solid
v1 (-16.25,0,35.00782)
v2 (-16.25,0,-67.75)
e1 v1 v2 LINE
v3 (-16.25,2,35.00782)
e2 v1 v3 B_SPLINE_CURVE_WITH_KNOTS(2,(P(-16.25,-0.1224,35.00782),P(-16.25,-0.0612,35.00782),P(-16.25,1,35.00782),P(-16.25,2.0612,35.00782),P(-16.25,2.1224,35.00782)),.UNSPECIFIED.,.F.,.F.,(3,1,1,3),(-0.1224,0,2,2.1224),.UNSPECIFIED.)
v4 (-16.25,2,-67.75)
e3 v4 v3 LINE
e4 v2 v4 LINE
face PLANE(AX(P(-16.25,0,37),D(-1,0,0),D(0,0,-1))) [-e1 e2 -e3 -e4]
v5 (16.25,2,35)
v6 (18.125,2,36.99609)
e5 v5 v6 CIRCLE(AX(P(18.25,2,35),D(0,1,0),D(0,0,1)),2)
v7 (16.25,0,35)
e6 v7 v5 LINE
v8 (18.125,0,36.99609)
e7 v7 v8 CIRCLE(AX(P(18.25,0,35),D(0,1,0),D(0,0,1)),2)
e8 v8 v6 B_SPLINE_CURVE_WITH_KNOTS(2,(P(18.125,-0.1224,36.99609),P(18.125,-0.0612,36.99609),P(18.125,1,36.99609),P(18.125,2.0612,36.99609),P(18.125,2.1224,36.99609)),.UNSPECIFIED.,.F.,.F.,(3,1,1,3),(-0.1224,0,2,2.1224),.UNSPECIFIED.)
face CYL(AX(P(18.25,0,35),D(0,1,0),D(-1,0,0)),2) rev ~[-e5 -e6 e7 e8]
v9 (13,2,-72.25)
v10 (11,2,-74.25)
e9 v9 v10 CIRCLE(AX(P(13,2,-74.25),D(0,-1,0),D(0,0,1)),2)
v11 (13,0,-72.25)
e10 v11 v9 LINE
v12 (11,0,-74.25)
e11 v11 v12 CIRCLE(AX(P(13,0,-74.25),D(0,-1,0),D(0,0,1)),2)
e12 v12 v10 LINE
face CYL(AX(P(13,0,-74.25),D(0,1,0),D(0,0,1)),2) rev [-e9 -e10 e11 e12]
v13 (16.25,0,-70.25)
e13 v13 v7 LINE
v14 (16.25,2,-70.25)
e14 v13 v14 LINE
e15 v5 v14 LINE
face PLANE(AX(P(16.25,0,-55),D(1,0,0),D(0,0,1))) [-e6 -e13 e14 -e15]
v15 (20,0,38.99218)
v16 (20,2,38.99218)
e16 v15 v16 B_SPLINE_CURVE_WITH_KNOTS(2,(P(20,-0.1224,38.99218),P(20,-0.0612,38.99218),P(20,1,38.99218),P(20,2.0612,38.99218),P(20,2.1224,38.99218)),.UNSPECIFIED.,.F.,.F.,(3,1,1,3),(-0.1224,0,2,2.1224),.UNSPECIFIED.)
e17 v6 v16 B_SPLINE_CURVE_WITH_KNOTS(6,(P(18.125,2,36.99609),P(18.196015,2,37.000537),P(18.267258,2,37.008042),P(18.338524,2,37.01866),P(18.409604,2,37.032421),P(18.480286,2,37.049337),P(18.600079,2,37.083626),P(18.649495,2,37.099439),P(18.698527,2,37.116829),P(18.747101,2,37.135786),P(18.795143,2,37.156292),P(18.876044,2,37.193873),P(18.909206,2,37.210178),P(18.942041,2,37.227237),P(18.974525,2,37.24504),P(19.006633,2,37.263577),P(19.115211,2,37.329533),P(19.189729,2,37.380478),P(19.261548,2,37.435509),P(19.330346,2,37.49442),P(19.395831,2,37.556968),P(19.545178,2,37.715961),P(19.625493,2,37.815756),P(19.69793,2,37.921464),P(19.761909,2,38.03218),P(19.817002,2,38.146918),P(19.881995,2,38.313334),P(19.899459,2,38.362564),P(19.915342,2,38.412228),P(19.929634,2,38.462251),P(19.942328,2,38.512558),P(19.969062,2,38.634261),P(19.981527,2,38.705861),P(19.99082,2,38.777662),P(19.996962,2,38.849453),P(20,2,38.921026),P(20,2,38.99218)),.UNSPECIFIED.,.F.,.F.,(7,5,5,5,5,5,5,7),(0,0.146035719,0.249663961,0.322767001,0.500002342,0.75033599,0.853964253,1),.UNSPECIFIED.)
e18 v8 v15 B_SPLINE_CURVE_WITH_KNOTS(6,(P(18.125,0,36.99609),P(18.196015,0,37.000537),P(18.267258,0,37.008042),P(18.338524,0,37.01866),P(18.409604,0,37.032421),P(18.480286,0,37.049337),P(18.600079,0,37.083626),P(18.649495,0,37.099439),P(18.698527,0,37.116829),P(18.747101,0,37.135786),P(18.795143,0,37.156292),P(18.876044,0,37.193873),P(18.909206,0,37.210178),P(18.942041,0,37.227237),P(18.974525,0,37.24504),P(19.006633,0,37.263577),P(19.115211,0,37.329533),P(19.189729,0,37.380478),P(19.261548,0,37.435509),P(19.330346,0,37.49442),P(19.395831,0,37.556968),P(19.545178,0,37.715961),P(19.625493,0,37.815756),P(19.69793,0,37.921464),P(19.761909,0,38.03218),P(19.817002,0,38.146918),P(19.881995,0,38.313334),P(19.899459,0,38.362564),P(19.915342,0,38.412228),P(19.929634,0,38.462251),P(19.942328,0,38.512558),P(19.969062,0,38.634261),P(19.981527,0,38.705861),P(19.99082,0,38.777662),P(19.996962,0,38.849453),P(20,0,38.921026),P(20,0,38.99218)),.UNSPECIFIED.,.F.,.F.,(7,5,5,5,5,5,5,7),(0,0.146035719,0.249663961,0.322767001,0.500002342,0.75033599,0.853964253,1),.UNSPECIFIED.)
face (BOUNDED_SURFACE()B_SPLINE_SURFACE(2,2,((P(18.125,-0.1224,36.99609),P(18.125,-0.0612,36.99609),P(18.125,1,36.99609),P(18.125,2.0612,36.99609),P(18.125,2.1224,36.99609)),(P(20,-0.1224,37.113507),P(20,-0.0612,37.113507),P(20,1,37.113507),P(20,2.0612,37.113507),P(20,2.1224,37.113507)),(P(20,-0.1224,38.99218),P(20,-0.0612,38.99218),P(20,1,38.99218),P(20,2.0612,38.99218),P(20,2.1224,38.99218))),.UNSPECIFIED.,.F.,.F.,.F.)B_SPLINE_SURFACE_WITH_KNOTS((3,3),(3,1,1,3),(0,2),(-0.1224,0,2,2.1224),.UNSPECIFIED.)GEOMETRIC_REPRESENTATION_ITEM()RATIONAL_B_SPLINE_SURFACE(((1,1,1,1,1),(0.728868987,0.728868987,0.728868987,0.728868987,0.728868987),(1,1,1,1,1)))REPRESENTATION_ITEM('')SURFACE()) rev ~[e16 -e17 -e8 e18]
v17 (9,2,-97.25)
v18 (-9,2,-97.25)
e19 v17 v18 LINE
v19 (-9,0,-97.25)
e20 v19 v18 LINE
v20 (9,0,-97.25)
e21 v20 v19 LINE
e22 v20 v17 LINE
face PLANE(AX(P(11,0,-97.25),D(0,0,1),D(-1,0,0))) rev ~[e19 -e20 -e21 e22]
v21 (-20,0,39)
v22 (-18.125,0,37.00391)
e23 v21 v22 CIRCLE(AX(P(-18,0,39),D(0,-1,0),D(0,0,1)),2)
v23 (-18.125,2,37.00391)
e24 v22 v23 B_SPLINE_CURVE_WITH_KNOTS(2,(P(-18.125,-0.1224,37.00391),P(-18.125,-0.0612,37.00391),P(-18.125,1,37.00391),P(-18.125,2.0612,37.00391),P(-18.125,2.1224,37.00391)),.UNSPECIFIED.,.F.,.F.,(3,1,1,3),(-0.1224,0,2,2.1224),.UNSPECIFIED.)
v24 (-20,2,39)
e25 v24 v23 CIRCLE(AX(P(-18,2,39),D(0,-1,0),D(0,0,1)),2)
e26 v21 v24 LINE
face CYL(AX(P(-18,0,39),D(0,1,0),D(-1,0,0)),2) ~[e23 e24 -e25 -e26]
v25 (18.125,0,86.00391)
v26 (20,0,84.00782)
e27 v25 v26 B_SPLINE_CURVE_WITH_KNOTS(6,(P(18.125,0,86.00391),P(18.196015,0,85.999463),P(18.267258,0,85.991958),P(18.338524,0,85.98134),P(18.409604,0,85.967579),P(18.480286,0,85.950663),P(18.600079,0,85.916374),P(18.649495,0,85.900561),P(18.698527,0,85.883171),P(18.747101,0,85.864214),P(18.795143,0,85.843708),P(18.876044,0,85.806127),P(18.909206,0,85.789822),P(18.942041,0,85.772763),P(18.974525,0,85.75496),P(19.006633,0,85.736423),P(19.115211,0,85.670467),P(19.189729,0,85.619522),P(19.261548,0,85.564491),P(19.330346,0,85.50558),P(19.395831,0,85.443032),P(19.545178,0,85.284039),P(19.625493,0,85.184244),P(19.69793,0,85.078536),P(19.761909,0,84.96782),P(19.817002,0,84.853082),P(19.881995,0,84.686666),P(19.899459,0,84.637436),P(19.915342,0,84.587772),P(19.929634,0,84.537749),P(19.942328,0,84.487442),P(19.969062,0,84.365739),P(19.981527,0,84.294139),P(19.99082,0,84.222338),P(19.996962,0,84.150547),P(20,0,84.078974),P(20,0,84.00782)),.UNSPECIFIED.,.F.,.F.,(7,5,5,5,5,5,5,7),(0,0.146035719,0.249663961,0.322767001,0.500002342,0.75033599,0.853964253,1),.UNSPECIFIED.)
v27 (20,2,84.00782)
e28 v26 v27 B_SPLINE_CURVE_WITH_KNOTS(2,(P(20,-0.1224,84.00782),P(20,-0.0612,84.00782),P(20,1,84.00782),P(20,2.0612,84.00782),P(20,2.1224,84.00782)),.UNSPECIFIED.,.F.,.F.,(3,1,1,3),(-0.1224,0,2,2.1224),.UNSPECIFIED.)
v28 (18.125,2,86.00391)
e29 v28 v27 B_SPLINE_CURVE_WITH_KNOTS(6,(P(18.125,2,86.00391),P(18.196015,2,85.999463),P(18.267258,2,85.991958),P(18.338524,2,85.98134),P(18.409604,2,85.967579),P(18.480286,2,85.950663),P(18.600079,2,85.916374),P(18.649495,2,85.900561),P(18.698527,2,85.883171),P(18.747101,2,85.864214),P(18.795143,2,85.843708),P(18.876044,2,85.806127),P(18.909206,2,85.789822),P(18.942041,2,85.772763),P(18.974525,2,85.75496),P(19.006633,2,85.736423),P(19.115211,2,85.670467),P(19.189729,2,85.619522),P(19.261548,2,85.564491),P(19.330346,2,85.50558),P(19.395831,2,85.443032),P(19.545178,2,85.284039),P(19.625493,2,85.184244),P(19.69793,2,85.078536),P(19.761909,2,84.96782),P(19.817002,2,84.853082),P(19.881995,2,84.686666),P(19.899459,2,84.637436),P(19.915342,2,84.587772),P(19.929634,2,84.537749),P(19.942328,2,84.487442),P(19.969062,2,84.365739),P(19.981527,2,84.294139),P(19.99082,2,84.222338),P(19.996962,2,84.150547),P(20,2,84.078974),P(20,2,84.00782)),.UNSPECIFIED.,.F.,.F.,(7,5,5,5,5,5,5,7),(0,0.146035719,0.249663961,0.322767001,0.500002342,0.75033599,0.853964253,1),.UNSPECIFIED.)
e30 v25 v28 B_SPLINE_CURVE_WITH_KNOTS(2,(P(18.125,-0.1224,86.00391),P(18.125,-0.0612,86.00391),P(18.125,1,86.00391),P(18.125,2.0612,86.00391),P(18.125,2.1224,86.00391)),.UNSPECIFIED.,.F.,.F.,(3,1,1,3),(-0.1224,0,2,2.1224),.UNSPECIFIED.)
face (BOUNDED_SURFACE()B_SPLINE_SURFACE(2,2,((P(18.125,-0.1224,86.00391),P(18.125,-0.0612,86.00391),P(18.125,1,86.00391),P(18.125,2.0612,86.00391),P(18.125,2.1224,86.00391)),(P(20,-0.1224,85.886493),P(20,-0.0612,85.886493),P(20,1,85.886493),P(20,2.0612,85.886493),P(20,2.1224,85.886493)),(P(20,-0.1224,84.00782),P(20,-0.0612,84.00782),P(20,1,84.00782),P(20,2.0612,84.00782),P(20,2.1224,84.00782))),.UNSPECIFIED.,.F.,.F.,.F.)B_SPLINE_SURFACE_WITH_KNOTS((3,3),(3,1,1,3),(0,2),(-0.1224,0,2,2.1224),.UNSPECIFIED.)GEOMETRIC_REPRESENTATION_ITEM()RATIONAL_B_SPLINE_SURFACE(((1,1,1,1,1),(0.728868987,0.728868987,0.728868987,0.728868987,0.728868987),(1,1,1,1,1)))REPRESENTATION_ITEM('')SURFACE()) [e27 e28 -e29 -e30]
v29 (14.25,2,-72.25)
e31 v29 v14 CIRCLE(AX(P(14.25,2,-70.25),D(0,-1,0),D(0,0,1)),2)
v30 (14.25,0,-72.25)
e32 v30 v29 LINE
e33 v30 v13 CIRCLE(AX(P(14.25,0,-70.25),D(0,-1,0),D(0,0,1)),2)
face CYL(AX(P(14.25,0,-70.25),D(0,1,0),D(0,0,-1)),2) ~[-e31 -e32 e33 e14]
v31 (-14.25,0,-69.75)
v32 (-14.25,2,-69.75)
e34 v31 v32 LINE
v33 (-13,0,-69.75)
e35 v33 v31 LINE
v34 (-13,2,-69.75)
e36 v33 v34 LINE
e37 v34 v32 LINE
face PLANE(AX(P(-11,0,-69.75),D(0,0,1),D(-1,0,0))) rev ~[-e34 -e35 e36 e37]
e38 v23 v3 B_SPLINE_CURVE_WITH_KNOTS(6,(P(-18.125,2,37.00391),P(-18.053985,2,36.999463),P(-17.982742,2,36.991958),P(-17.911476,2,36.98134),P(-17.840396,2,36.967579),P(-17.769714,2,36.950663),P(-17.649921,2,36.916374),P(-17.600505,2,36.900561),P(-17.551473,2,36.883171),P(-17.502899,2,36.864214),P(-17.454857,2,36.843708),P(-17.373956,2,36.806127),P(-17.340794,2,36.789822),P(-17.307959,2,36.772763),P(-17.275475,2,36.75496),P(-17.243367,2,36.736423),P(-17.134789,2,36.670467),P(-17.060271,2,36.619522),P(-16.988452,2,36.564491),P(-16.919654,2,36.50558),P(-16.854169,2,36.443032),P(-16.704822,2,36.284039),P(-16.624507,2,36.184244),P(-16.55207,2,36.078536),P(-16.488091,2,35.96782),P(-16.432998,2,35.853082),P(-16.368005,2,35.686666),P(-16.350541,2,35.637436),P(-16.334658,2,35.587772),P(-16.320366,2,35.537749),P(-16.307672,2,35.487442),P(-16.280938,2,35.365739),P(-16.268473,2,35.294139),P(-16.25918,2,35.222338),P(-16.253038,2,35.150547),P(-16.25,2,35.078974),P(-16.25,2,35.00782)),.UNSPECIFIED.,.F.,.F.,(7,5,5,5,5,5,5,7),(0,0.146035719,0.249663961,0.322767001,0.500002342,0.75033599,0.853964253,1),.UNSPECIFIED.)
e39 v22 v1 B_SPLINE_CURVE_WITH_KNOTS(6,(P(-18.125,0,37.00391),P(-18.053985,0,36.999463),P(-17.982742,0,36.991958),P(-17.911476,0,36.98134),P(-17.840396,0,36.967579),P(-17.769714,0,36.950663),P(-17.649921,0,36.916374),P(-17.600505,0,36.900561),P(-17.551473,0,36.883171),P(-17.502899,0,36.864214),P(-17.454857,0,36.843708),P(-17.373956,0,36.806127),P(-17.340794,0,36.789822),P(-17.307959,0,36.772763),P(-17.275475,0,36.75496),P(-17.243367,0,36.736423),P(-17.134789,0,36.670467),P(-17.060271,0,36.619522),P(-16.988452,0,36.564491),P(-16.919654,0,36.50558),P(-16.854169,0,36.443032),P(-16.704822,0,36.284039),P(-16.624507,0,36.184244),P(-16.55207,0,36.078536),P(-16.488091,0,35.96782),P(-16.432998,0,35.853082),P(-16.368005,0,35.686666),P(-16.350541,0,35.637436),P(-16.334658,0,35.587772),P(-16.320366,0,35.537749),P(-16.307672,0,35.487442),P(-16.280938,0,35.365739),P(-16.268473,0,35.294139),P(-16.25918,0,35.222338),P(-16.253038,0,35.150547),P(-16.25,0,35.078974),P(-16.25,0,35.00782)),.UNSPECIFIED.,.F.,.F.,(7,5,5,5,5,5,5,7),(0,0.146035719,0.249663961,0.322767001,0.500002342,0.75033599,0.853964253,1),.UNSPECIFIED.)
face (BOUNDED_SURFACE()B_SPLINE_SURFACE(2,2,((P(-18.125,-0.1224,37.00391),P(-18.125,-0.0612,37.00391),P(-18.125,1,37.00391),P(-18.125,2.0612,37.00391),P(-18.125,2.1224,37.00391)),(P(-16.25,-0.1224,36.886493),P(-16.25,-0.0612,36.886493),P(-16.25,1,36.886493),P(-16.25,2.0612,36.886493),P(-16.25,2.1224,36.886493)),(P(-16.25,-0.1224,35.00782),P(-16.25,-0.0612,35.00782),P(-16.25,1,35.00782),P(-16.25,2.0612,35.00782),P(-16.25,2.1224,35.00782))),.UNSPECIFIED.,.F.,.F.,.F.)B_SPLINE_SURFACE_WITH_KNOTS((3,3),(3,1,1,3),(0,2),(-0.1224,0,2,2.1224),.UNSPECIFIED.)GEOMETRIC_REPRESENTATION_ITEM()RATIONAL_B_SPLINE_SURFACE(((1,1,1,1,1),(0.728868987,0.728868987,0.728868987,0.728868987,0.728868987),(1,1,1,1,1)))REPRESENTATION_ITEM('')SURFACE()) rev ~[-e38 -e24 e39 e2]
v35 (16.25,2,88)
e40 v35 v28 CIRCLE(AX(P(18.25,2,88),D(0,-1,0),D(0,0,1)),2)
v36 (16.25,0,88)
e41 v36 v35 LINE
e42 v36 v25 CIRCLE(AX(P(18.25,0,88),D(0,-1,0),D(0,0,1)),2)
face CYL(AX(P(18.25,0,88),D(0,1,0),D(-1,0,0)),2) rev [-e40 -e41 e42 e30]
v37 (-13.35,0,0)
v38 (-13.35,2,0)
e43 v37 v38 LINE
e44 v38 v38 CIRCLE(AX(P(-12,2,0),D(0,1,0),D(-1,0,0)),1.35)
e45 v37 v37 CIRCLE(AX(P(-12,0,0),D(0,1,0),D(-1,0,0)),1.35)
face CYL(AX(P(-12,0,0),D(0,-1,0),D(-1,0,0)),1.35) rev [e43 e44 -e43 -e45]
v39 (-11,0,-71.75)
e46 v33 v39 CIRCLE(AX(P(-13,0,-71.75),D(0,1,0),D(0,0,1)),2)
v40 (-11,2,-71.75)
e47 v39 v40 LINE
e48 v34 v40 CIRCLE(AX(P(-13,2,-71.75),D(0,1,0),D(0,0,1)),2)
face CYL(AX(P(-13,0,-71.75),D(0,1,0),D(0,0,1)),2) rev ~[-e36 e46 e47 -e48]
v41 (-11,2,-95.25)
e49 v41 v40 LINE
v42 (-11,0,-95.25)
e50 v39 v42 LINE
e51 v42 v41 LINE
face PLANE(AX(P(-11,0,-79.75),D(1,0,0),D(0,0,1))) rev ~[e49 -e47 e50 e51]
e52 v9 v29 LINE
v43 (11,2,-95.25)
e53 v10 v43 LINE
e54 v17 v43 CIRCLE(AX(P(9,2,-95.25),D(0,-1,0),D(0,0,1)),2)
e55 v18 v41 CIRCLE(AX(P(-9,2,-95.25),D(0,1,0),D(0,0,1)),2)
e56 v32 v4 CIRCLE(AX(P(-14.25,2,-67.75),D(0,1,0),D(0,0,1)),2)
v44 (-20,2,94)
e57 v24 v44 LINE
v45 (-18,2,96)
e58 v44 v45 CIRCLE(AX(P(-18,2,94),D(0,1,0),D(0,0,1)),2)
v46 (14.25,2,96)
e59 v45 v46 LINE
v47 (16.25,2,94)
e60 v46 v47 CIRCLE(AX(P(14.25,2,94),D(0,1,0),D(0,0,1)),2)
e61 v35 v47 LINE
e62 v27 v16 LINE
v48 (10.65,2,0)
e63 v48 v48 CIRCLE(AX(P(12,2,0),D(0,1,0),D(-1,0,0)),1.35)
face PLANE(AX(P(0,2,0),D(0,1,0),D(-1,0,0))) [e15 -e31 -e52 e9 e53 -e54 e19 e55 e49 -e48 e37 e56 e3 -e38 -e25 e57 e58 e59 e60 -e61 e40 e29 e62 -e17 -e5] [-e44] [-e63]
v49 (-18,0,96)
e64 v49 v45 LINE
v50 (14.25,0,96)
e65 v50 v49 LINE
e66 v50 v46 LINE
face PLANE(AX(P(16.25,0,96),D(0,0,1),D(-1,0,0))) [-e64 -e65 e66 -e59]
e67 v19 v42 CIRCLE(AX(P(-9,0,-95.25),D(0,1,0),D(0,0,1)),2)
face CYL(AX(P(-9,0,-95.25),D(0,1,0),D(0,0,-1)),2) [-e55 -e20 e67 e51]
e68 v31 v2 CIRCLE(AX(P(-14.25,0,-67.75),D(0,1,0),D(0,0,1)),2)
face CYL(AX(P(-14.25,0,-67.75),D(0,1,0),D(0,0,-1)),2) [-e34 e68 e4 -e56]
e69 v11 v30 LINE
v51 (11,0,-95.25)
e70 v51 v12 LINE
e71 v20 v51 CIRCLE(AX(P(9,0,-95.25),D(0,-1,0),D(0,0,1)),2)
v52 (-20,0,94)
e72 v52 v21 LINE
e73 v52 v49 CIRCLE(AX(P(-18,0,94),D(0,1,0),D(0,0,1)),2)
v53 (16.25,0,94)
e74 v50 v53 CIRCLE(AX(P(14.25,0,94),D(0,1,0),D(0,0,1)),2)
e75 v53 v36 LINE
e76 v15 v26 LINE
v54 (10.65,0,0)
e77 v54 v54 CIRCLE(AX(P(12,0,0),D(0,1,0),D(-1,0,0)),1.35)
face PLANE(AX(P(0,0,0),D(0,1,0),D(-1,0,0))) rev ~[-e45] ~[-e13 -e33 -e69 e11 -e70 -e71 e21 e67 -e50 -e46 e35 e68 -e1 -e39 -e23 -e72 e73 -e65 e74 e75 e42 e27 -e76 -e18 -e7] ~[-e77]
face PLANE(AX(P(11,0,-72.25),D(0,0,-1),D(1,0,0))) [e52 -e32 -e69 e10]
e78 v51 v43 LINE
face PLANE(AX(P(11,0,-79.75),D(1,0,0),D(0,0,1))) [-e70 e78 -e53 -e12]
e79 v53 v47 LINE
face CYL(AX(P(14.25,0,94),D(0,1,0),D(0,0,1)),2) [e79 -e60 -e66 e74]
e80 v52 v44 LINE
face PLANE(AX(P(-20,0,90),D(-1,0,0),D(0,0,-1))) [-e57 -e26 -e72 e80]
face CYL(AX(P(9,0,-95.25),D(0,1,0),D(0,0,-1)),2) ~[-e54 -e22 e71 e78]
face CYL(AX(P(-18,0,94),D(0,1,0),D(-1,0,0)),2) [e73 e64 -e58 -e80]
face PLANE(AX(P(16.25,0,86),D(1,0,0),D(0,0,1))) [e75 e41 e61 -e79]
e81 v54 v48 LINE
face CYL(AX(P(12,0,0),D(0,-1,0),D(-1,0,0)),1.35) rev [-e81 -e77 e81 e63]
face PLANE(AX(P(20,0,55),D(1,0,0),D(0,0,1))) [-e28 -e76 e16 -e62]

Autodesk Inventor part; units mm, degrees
ref_plane "YZ Plane" through (0, 0, 0) normal (1, 0, 0) x (0, 1, 0)
ref_plane "XZ Plane" through (0, 0, 0) normal (0, 1, 0) x (-1, 0, 0)
ref_plane "XY Plane" through (0, 0, 0) normal (0, 0, 1) x (1, 0, 0)
sketch "Sketch1" plane through (0, 0, 0) normal (0, 1, 0) x (-1, 0, 0)
  line L0 (-16.25, 55) -> (16.25, 55)
  line L1 (16.25, 55) -> (16.25, -55)
  line L2 (16.25, -55) -> (-16.25, -55)
  line L3 (-16.25, -55) -> (-16.25, 55)
  line L4 (-16.25, 55) -> (16.25, -55) construction
  line L5 (16.25, 55) -> (-16.25, -55) construction
  line L6 (16.25, 0) -> (12, 0) construction
  circle A0 centre (12, 0) radius 1.35
  line L7 (0, 0) -> (0, -55) construction
  circle A1 centre (-12, 0) radius 1.35
  line L8 (16.25, -55) -> (20, -55)
  line L9 (20, -55) -> (20, -37)
  line L10 (20, -37) -> (16.25, -37)
  line L11 (16.25, -37) -> (16.25, -55)
  line L12 (16.25, 0) -> (-16.25, 0) construction
  line L13 (0, 0) -> (0, 55) construction
  line L14 (-16.25, -55) -> (-20, -55)
  line L15 (-20, -55) -> (-20, -37)
  line L16 (-20, -37) -> (-16.25, -37)
  line L17 (-16.25, -37) -> (-16.25, -55)
  line L18 (16.25, 55) -> (-16.25, 55)
  line L19 (16.25, 55) -> (20, 55)
  line L20 (20, 55) -> (20, 37)
  line L21 (20, 37) -> (16.25, 37)
  line L22 (16.25, 37) -> (16.25, 55)
  line L23 (-20, 37) -> (-16.25, 37)
  line L24 (-16.25, 55) -> (-20, 55)
  line L25 (-20, 55) -> (-20, 37)
  line L26 (-16.25, 37) -> (-16.25, 55)
  circle A2 centre (12, 0) radius 2.55
  circle A3 centre (-12, 0) radius 2.55
  line L27 (20, 55) -> (-20, 55)
  line L28 (-20, 55) -> (-20, 90)
  line L29 (-20, 90) -> (20, 90)
  line L30 (20, 90) -> (20, 55)
  line L31 (16.25, 0) -> (-16.25, 0) construction
  line L32 (-20, -55) -> (-20, -90)
  line L33 (-20, -90) -> (20, -90)
  line L34 (20, -90) -> (20, -55)
  line L35 (16.25, -90) -> (16.25, 90)
  line L36 (-16.25, -90) -> (-16.25, 90)
  line L37 (20, -79.75) -> (-20, -79.75)
  line L38 (-11, -90) -> (11, -90)
  line L39 (11, -90) -> (11, -79.75)
  line L40 (11, -79.75) -> (-11, -79.75)
  line L41 (-11, -79.75) -> (-11, -90)
  line L42 (-11, -90) -> (11, -79.75) construction
  line L43 (11, -90) -> (-11, -79.75) construction
  line L44 (11, -87.25) -> (-11, -87.25)
  line L45 (0, 90) -> (0, 96) construction
  line L46 (20, 90) -> (-20, 90)
  line L47 (-20, 90) -> (-20, 96)
  line L48 (-20, 96) -> (20, 96)
  line L49 (20, 96) -> (20, 90)
  line L50 (-20, 90) -> (-16.25, 90)
  line L51 (-16.25, 90) -> (-16.25, 86)
  line L52 (-16.25, 86) -> (-20, 86)
  line L53 (-20, 86) -> (-20, 90)
  line L54 (-16.25, 90) -> (-16.25, 96)
  line L55 (-16.25, -79.75) -> (-11, -79.75)
  line L56 (-11, -79.75) -> (-11, -72.25)
  line L57 (-11, -72.25) -> (-16.25, -72.25)
  line L58 (-16.25, -72.25) -> (-16.25, -79.75)
  line L59 (20, 96) -> (16.25, 96)
  line L60 (16.25, 96) -> (16.25, 86)
  line L61 (16.25, 86) -> (20, 86)
  line L62 (20, 86) -> (20, 96)
  line L63 (16.25, -79.75) -> (11, -79.75)
  line L64 (11, -79.75) -> (11, -69.75)
  line L65 (11, -69.75) -> (16.25, -69.75)
  line L66 (16.25, -69.75) -> (16.25, -79.75)
  line L67 (20, -90) -> (-20, -90)
  line L68 (-20, -90) -> (-20, -97.25)
  line L69 (-20, -97.25) -> (20, -97.25)
  line L70 (20, -97.25) -> (20, -90)
  line L71 (11, -90) -> (11, -97.25)
  line L72 (-11, -90) -> (-11, -97.25)
  point P0 (16.25, 37)
  point P1 (-16.25, 37)
  point P2 (-16.25, -37)
  point P3 (16.25, -37)
  point P4 (-20, 55)
  point P5 (-20, -55)
  point P6 (0, 0)
  point P7 (0, -84.875)
  point P8 (-16.25, 86)
  point P9 (-20, 86)
  dimension "d10" = 32.5
  dimension "d11" = 110
  dimension "d16" = 2.7
  dimension "d30" = 18
  dimension "d34" = 5.1
  dimension "d35" = 40
  dimension "d36" = 35
  dimension "d39" = 40
  dimension "d40" = 24
  dimension "d41" = 10.25
  dimension "d43" = 5.125
  dimension "d45" = 2.75
  dimension "d46" = 11
  dimension "d47" = 20
  dimension "d48" = 6
  dimension "d49" = 40
  dimension "d50" = 6
  dimension "d51" = 3.75
  dimension "d52" = 4
  dimension "d53" = 5.25
  dimension "d54" = 7.5
  dimension "d55" = 3.75
  dimension "d56" = 10
  dimension "d57" = 5.25
  dimension "d58" = 10
  dimension "d59" = 7.25
extrude "Extrusion1" add sketch "Sketch1" along normal blind 2 contours L36 L29 L35 L0 | L0 L1 L2 L3 | L3 L23 L25 L24 | L24 L28 L52 L36 | L19 L20 L21 L1 | L35 L61 L30 L19 | L35 L29 L30 L61 | L54 L48 L60 L29 | L60 L48 L49 L29 | L2 L35 L65 L64 L37 L56 L57 L36 | L37 L39 L44 L41 | L41 L44 L39 L33 | L33 L71 L69 L72 | A2 | A3
sketch "Sketch2" plane through (0, 0, 0) normal (0, -1, 0) x (1, 0, 0)
  line L0 (-16.25, -33.5) -> (-16.25, 37) projected
  line L1 (-16.25, -20.3135) -> (-16.25, -7.8135)
  line L2 (-16.25, -20.3135) -> (-7.5, -20.3135)
  line L3 (-7.5, -20.3135) -> (-7.5, -7.8135)
  line L4 (-7.5, -7.8135) -> (-16.25, -7.8135)
  line L5 (-16.25, -7.8135) -> (-16.25, -20.3135)
  line L6 (0, 0) -> (-16.25, 1.75) construction
  line L7 (0, 0) -> (0, 10) construction
  line L8 (0, 0) -> (-9.9425, 1.0707) construction
  line L9 (16.25, -20.3135) -> (16.25, -7.8135)
  line L10 (16.25, -20.3135) -> (7.5, -20.3135)
  line L11 (7.5, -20.3135) -> (7.5, -7.8135)
  line L12 (7.5, -7.8135) -> (16.25, -7.8135)
  line L13 (16.25, -7.8135) -> (16.25, -20.3135)
  line L14 (-11.5523, 23.3076) -> (-14.2138, 11.0942)
  line L15 (-11.5523, 23.3076) -> (-3.003, 21.4446)
  line L16 (-3.003, 21.4446) -> (-5.6644, 9.2312)
  line L17 (-5.6644, 9.2312) -> (-14.2138, 11.0942)
  line L18 (-14.2138, 11.0942) -> (-11.5523, 23.3076)
  line L19 (20.2025, 16.3879) -> (17.541, 4.1745)
  line L20 (20.2025, 16.3879) -> (11.6531, 18.2509)
  line L21 (11.6531, 18.2509) -> (8.9917, 6.0375)
  line L22 (8.9917, 6.0375) -> (17.541, 4.1745)
  line L23 (17.541, 4.1745) -> (20.2025, 16.3879)
  line L24 (-7.5, -20.3135) -> (-21.6421, -34.4557)
  line L25 (-7.5, -20.3135) -> (12.5, -20.3135) construction
  line L26 (-3.003, 21.4446) -> (-13.8098, 38.2736)
  line L27 (12.5, -20.3135) -> (21.6421, -34.4557)
  line L28 (11.6531, 18.2509) -> (13.8098, 38.2736)
  line L29 (16.25, 37) -> (16.25, -72.25) projected
  point P0 (-20, -60)
  point P1 (-20, 60)
  point P2 (-15, -60)
  point P3 (-15, 60)
  point P4 (20, 7.8135)
  point P5 (20, -7.8135)
  point P6 (-16.25, 20.3135)
  point P7 (-16.25, 7.8135)
  point P8 (-16.25, -7.8135)
  point P9 (15, 7.8135)
  point P10 (15, -7.8135)
  point P11 (-16.25, 37)
  point P12 (16.25, -33.5)
  point P13 (16.25, 7.8135)
  point P14 (16.25, -90)
  point P15 (16.25, -79.75)
  point P16 (17.9687, 1.4962)
  point P17 (-12.3889, 13.1007)
  dimension "d18" = 12.5
  dimension "d19" = 7.8135
  dimension "d20" = 10
  dimension "d21" = 10
  dimension "d25" = 15
  dimension "d37" = 20
  dimension "d38" = 135
extrude "Extrusion2" [suppressed]
fillet "Fillet2" radius 2 14 edges at (16.25, 1, 37) (20, 1, 37) (-20, 1, 37) (-16.25, 1, 37) (-20, 1, 96) (16.25, 1, 96) (16.25, 1, 86) (20, 1, 86) (11, 1, -72.25) (16.25, 1, -72.25) (-16.25, 1, -69.75) (-11, 1, -69.75) (11, 1, -97.25) (-11, 1, -97.25)
chamfer "Chamfer1" [suppressed]
fillet "Fillet3" [suppressed]
fillet "Fillet5" [suppressed]
properties part number "Power Board"
